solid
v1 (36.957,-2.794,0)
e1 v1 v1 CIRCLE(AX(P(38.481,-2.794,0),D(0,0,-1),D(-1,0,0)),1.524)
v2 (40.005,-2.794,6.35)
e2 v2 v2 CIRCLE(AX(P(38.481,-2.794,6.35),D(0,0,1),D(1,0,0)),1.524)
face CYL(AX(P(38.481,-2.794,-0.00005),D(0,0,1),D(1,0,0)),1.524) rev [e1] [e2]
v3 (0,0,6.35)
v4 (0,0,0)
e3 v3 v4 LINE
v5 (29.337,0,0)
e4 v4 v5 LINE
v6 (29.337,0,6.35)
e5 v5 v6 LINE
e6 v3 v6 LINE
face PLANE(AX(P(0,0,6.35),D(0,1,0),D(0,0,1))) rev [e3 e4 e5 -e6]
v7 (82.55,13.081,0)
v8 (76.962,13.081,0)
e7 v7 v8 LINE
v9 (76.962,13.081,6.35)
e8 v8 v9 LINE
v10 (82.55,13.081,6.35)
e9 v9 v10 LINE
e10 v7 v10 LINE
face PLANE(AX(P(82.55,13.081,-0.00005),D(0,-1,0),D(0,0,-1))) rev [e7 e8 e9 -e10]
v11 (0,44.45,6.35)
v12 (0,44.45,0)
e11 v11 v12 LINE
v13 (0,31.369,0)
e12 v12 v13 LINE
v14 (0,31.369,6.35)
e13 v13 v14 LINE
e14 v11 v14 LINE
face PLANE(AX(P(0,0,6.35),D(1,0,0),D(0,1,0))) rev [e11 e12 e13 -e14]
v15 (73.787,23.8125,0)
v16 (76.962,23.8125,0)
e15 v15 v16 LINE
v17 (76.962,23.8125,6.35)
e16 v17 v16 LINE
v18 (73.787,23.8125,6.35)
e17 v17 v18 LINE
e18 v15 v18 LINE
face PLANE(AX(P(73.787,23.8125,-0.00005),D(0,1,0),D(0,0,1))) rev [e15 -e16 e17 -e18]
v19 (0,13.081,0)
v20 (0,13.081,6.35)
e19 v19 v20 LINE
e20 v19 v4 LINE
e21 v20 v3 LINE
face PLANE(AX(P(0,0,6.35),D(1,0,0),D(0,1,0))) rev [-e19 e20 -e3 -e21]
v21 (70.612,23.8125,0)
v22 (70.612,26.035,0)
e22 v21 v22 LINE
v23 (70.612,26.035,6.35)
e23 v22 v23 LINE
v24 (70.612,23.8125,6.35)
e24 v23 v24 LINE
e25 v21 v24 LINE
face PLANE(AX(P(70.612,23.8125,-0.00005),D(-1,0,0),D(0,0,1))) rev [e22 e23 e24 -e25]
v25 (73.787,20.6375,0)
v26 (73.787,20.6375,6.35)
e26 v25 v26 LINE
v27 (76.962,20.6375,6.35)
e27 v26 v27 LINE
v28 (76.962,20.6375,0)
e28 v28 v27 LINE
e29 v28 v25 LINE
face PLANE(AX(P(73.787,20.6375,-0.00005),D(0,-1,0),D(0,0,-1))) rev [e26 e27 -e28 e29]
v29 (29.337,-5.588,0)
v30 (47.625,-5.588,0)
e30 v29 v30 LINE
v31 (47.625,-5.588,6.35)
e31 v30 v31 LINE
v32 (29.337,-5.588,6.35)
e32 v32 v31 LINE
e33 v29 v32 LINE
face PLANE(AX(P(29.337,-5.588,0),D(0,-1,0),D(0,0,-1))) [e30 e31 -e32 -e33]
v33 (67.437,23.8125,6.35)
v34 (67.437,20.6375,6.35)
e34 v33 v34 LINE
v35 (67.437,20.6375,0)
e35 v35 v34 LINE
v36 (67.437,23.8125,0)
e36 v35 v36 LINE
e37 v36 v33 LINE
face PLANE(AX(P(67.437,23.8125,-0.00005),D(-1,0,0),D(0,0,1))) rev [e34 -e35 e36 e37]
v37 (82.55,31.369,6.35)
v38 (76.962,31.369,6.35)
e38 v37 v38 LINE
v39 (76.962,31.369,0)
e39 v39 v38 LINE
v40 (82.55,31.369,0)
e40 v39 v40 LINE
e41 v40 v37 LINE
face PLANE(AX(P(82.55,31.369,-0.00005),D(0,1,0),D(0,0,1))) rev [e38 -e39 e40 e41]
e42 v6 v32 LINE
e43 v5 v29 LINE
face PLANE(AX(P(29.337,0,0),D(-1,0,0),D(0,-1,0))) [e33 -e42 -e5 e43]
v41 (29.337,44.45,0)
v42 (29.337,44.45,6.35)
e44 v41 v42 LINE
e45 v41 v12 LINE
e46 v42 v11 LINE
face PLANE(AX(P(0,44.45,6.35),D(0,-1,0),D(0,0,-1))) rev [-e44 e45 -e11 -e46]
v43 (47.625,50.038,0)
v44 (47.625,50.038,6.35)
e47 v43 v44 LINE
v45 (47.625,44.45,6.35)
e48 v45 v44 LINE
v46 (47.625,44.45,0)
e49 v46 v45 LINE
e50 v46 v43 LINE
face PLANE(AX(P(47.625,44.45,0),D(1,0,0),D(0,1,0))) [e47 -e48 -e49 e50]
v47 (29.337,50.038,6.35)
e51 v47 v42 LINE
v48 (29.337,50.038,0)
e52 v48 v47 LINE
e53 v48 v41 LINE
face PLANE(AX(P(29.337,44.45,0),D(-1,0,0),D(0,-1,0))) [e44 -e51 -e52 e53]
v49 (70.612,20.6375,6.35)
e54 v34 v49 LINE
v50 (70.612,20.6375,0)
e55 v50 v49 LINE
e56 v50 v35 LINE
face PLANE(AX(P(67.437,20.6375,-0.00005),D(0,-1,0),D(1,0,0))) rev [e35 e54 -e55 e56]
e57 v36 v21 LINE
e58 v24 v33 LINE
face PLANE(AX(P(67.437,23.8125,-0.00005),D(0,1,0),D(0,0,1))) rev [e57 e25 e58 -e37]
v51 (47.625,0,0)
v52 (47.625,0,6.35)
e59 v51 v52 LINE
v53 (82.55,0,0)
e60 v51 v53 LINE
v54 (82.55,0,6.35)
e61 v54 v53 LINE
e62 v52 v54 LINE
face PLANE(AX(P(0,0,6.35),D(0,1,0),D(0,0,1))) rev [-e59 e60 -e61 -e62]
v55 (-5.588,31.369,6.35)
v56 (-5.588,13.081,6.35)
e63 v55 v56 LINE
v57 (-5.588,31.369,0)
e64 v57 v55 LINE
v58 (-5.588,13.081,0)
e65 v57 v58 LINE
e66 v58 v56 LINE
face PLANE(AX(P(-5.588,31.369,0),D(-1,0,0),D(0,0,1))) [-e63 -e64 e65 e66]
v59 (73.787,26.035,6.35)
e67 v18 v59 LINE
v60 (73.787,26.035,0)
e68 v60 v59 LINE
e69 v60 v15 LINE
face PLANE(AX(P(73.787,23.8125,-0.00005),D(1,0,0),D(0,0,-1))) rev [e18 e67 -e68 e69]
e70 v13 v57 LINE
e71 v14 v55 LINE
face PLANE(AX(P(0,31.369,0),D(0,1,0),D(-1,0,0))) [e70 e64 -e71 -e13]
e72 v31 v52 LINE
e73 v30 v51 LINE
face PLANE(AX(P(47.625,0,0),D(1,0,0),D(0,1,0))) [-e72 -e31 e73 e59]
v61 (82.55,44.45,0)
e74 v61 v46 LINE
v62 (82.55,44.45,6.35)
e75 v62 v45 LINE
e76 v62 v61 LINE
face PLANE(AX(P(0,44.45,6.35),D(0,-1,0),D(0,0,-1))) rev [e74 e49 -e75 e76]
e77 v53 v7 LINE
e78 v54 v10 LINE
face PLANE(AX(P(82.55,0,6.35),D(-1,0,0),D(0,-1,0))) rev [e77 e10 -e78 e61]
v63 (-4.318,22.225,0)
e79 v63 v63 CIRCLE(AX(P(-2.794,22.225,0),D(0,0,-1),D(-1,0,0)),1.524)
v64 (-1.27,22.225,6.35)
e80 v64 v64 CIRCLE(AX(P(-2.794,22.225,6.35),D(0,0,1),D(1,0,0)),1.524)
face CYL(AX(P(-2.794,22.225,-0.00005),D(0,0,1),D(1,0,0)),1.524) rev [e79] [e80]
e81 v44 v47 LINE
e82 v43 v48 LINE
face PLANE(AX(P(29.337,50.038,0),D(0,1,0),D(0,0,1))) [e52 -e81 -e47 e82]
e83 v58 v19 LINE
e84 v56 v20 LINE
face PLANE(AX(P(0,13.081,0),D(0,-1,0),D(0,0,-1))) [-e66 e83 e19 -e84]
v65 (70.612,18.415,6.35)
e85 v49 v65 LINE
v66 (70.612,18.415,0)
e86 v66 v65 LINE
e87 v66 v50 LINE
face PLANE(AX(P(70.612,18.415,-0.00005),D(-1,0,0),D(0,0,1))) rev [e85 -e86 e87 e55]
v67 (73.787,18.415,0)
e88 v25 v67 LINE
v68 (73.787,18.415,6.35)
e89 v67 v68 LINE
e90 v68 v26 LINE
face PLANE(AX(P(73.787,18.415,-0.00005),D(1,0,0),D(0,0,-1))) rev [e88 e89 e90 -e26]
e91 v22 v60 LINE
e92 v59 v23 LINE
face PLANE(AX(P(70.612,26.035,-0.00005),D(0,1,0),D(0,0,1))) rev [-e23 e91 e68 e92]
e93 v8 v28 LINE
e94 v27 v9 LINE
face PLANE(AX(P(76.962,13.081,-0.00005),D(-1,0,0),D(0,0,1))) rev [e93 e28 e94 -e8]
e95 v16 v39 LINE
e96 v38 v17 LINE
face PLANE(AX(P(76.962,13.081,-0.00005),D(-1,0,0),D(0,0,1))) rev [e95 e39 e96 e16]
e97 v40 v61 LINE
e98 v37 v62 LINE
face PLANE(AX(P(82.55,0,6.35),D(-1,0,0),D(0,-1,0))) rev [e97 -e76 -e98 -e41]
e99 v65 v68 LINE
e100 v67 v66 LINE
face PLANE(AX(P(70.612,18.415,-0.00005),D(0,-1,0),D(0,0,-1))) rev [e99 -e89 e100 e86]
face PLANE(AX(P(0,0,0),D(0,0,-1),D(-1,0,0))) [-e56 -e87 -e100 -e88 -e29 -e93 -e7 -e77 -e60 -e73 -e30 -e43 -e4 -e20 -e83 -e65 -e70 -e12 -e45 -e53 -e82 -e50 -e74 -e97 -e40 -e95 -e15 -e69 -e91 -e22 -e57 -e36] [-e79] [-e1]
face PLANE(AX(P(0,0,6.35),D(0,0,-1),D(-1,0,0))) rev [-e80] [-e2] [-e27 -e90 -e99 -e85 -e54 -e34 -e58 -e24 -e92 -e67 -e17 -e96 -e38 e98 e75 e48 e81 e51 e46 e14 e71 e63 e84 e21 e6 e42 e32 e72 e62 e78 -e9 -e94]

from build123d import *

# Parameters (mm, degrees)
SKETCH1_W           = 82.55
SKETCH1_H           = 44.45
BOSS_EXTRUDE1_DEPTH = 6.35
SKETCH2_W           = 5.588
SKETCH2_H           = 18.288
BOSS_EXTRUDE2_DEPTH = 6.35
SKETCH5_W           = 18.288
SKETCH5_H           = 5.588
BOSS_EXTRUDE3_DEPTH = 6.35
SKETCH3_W           = 5.588
SKETCH3_H           = 18.288
CUT_EXTRUDE1_DEPTH  = 97.739994025
SKETCH6_R           = 1.524
CUT_EXTRUDE2_DEPTH  = 97.739994025


with BuildPart() as part:
    # Sketch1 → Boss-Extrude1 (new body)
    with BuildSketch(Plane.XY):
        with Locations((41.275, 22.225)):
            Rectangle(SKETCH1_W, SKETCH1_H)
    extrude(amount=BOSS_EXTRUDE1_DEPTH)

    # Sketch2 → Boss-Extrude2 (add)
    with BuildSketch(Plane.XY.offset(6.35)):
        with Locations((-2.794, 22.225)):
            Rectangle(SKETCH2_W, SKETCH2_H)
    extrude(amount=-BOSS_EXTRUDE2_DEPTH)

    # Sketch5 → Boss-Extrude3 (add)
    with BuildSketch(Plane.XY.offset(6.35)):
        with Locations((38.481, 47.244)):
            Rectangle(SKETCH5_W, SKETCH5_H)
        with Locations((38.481, -2.794)):
            Rectangle(SKETCH5_W, SKETCH5_H)
    extrude(amount=-BOSS_EXTRUDE3_DEPTH)

    # Sketch3 → Cut-Extrude1 (cut, through all)
    with BuildSketch(Plane.XY.offset(6.35)):
        with Locations((79.756, 22.225)):
            Rectangle(SKETCH3_W, SKETCH3_H)
    extrude(amount=-CUT_EXTRUDE1_DEPTH, mode=Mode.SUBTRACT)

    # Sketch6 → Cut-Extrude2 (cut, through all)
    with BuildSketch(Plane.XY.offset(6.35)):
        with Locations((-2.794, 22.225)):
            Circle(SKETCH6_R)
        with Locations((38.481, -2.794)):
            Circle(SKETCH6_R)
        Polygon((67.437, 23.8125), (70.612, 23.8125), (70.612, 26.035), (73.787, 26.035), (73.787, 23.8125), (76.962, 23.8125), (76.962, 20.6375), (73.787, 20.6375), (73.787, 18.415), (70.612, 18.415), (70.612, 20.6375), (67.437, 20.6375), align=None)
    extrude(amount=-CUT_EXTRUDE2_DEPTH, mode=Mode.SUBTRACT)


solid = part.part
